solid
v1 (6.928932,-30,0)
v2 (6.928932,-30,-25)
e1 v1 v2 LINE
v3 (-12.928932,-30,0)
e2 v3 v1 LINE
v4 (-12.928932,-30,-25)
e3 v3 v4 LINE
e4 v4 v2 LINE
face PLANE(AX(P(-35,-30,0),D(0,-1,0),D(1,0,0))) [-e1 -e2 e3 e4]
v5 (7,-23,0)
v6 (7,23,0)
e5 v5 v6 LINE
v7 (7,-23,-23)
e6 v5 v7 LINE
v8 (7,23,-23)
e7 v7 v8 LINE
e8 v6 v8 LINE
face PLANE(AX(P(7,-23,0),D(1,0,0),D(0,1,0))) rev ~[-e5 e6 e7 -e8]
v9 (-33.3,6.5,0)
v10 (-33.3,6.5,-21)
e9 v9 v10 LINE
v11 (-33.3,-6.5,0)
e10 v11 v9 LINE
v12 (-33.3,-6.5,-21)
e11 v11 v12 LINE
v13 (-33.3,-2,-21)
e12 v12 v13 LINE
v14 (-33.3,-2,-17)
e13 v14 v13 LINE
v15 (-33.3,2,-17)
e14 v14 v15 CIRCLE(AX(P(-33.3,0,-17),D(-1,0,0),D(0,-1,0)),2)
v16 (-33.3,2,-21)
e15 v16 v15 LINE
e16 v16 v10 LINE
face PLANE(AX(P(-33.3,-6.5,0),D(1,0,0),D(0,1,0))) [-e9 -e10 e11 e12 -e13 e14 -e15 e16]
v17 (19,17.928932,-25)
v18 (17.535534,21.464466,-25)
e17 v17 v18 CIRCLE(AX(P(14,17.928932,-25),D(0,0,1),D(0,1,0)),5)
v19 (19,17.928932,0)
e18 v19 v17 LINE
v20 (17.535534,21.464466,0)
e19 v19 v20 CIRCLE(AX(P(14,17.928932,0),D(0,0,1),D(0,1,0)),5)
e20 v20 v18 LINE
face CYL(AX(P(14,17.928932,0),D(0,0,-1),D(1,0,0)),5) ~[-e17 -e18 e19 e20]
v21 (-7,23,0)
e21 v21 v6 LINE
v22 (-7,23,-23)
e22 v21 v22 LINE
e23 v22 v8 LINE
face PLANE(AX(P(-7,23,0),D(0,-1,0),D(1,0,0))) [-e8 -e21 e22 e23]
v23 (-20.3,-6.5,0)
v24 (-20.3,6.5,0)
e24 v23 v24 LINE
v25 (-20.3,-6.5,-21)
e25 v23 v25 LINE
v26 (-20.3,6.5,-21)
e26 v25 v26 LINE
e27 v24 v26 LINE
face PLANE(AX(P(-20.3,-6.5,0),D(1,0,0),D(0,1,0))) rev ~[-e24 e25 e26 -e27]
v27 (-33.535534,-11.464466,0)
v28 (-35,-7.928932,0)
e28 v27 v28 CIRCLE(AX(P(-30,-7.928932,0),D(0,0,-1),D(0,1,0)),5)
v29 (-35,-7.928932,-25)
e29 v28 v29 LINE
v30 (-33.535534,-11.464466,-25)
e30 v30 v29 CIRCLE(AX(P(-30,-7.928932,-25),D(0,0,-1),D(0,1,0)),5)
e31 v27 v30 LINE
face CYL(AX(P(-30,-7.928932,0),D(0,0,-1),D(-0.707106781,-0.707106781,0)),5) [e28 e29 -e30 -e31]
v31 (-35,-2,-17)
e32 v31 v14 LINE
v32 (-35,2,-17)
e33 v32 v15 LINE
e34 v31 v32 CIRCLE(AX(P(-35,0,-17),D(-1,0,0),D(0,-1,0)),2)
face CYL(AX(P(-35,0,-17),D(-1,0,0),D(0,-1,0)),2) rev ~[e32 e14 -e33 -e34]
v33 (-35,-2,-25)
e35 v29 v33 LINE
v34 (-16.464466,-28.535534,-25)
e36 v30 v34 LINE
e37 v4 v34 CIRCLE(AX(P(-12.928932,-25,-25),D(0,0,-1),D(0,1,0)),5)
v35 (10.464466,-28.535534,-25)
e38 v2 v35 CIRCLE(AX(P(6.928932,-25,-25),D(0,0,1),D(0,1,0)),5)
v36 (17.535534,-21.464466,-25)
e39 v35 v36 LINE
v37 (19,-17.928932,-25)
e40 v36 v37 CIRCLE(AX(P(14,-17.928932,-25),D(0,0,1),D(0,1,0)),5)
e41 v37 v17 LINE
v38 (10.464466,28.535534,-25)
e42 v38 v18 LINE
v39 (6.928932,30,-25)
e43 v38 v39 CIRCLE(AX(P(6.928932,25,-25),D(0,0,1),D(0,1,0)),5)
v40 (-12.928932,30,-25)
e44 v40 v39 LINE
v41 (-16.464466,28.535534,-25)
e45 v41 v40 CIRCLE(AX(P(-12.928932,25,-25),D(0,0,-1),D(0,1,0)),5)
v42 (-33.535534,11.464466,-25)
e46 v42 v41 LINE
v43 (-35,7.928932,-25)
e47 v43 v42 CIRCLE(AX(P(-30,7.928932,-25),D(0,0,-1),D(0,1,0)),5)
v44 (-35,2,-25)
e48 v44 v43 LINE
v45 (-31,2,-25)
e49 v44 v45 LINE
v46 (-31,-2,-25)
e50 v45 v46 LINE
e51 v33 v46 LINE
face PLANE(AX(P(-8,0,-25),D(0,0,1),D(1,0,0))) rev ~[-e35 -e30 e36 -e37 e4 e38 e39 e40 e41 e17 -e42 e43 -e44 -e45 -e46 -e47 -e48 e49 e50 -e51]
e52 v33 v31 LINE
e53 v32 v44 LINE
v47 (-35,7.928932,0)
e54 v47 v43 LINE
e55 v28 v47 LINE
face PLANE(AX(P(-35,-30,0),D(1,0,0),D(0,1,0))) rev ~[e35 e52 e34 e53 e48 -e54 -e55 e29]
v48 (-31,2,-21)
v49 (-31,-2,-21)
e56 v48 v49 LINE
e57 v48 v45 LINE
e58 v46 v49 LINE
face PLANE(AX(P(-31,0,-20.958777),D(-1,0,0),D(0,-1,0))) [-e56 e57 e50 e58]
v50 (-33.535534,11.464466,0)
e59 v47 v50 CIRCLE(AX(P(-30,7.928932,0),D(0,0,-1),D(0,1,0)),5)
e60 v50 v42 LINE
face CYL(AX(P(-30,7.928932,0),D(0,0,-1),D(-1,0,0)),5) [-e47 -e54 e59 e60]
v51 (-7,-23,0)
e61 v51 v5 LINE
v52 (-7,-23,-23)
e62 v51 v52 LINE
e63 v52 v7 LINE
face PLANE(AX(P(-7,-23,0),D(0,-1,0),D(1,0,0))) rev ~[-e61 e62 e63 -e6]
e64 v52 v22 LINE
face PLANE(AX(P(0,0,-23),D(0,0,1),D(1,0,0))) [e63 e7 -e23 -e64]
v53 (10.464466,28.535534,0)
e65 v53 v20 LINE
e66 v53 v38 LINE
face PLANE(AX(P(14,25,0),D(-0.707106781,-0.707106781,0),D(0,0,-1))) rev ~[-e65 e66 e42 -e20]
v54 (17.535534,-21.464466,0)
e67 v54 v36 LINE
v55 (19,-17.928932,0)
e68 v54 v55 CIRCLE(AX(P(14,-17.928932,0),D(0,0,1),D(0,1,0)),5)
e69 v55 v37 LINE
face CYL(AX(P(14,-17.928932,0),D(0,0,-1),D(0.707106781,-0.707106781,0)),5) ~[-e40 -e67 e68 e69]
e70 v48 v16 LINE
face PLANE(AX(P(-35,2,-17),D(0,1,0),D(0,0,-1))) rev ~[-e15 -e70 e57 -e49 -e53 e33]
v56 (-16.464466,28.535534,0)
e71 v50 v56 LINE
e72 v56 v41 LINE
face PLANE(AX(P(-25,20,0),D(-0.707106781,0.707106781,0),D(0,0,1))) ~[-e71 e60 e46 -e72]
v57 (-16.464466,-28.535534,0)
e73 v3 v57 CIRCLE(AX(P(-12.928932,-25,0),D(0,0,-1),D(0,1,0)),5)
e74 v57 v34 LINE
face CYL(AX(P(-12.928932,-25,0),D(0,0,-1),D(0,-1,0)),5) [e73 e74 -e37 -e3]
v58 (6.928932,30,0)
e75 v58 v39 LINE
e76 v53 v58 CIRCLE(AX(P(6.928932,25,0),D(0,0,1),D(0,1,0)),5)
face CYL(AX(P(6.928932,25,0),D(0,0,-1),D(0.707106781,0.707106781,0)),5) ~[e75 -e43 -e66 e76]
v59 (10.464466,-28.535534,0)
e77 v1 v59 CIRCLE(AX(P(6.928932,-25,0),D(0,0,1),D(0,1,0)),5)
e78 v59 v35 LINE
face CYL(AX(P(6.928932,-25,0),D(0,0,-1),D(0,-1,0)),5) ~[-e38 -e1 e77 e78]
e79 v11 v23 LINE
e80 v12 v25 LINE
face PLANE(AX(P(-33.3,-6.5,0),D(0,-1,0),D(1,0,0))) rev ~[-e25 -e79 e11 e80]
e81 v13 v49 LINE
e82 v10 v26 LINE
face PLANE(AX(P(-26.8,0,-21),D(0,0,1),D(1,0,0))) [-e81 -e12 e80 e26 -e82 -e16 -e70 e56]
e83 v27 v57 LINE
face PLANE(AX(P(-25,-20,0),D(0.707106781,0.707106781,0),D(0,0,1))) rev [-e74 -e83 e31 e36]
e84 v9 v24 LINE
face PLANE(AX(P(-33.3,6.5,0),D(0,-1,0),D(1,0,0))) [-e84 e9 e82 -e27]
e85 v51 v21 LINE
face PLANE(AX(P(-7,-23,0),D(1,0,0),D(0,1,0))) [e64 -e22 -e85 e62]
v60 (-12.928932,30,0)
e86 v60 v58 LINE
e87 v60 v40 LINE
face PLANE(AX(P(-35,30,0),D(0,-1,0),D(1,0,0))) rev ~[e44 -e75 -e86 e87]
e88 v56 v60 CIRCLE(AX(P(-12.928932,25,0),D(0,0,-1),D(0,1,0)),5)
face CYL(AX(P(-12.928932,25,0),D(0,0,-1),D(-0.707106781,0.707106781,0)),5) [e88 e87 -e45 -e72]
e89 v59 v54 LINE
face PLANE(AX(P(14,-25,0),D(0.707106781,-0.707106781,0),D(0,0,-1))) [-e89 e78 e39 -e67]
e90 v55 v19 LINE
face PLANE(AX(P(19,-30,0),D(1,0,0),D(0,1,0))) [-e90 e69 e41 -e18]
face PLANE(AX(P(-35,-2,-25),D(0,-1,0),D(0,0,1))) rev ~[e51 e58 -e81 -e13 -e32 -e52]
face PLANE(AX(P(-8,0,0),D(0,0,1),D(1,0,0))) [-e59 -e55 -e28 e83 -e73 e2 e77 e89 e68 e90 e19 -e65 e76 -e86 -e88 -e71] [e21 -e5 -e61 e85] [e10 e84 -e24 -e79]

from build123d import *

# Parameters (mm, degrees)
F0_W     = 54
F0_H     = 60
F0_W_2   = 13
F0_H_2   = 13
F0_W_3   = 14
F0_H_3   = 46
F1_DEPTH = 25
F2_DEPTH = 21
F3_DEPTH = 23
F5_DEPTH = 4
F6_SIZE  = 20
F7_SIZE  = 20
F8_SIZE  = 10
F9_R     = 5


with BuildPart() as f1:
    # F0 (on Top) → F1 (new body)
    with BuildSketch(Plane.XY):
        with Locations((-8, 0)):
            Rectangle(F0_W, F0_H)
        with Locations((-26.8, 0)):
            Rectangle(F0_W_2, F0_H_2, mode=Mode.SUBTRACT)
        Rectangle(F0_W_3, F0_H_3, mode=Mode.SUBTRACT)
        with Locations((-26.8, 0)):
            Rectangle(F0_W_2, F0_H_2)
        Rectangle(F0_W_3, F0_H_3)
    extrude(amount=-F1_DEPTH)

    # F0 (on Top) → F2 (cut)
    with BuildSketch(Plane.XY):
        with Locations((-26.8, 0)):
            Rectangle(F0_W_2, F0_H_2)
    extrude(amount=-F2_DEPTH, mode=Mode.SUBTRACT)

    # F0 (on Top) → F3 (cut)
    with BuildSketch(Plane.XY):
        Rectangle(F0_W_3, F0_H_3)
    extrude(amount=-F3_DEPTH, mode=Mode.SUBTRACT)

    # F4 (on face) → F5 (cut)
    with BuildSketch(Plane(origin=(-35, 0, 0), x_dir=(0, -1, 0), z_dir=(-1, 0, 0))):
        with BuildLine():
            Line((-2, -25), (2, -25))
            Line((2, -25), (2, -17))
            ThreePointArc((2, -17), (0, -19), (-2, -17))
            Line((-2, -17), (-2, -25))
        make_face()
        with BuildLine():
            ThreePointArc((-2, -17), (0, -19), (2, -17))
            Line((2, -17), (-2, -17))
        make_face()
        with BuildLine():
            Line((-2, -17), (2, -17))
            ThreePointArc((2, -17), (0, -15), (-2, -17))
        make_face()
    extrude(amount=-F5_DEPTH, mode=Mode.SUBTRACT)

    # F6
    f6_edges = [f1.edges().sort_by_distance(p)[0] for p in [
        (-35, 30, -12.5),
    ]]
    chamfer(f6_edges, length=F6_SIZE)

    # F7
    f7_edges = [f1.edges().sort_by_distance(p)[0] for p in [
        (-35, -30, -12.5),
    ]]
    chamfer(f7_edges, length=F7_SIZE)

    # F8
    f8_edges = [f1.edges().sort_by_distance(p)[0] for p in [
        (19, -30, -12.5),
        (19, 30, -12.5),
    ]]
    chamfer(f8_edges, length=F8_SIZE)

    # F9
    f9_edges = [f1.edges().sort_by_distance(p)[0] for p in [
        (-35, 10, -12.5),
        (-35, -10, -12.5),
        (-15, -30, -12.5),
        (9, -30, -12.5),
        (19, -20, -12.5),
        (19, 20, -12.5),
        (9, 30, -12.5),
        (-15, 30, -12.5),
    ]]
    fillet(f9_edges, radius=F9_R)


solid = f1.part
